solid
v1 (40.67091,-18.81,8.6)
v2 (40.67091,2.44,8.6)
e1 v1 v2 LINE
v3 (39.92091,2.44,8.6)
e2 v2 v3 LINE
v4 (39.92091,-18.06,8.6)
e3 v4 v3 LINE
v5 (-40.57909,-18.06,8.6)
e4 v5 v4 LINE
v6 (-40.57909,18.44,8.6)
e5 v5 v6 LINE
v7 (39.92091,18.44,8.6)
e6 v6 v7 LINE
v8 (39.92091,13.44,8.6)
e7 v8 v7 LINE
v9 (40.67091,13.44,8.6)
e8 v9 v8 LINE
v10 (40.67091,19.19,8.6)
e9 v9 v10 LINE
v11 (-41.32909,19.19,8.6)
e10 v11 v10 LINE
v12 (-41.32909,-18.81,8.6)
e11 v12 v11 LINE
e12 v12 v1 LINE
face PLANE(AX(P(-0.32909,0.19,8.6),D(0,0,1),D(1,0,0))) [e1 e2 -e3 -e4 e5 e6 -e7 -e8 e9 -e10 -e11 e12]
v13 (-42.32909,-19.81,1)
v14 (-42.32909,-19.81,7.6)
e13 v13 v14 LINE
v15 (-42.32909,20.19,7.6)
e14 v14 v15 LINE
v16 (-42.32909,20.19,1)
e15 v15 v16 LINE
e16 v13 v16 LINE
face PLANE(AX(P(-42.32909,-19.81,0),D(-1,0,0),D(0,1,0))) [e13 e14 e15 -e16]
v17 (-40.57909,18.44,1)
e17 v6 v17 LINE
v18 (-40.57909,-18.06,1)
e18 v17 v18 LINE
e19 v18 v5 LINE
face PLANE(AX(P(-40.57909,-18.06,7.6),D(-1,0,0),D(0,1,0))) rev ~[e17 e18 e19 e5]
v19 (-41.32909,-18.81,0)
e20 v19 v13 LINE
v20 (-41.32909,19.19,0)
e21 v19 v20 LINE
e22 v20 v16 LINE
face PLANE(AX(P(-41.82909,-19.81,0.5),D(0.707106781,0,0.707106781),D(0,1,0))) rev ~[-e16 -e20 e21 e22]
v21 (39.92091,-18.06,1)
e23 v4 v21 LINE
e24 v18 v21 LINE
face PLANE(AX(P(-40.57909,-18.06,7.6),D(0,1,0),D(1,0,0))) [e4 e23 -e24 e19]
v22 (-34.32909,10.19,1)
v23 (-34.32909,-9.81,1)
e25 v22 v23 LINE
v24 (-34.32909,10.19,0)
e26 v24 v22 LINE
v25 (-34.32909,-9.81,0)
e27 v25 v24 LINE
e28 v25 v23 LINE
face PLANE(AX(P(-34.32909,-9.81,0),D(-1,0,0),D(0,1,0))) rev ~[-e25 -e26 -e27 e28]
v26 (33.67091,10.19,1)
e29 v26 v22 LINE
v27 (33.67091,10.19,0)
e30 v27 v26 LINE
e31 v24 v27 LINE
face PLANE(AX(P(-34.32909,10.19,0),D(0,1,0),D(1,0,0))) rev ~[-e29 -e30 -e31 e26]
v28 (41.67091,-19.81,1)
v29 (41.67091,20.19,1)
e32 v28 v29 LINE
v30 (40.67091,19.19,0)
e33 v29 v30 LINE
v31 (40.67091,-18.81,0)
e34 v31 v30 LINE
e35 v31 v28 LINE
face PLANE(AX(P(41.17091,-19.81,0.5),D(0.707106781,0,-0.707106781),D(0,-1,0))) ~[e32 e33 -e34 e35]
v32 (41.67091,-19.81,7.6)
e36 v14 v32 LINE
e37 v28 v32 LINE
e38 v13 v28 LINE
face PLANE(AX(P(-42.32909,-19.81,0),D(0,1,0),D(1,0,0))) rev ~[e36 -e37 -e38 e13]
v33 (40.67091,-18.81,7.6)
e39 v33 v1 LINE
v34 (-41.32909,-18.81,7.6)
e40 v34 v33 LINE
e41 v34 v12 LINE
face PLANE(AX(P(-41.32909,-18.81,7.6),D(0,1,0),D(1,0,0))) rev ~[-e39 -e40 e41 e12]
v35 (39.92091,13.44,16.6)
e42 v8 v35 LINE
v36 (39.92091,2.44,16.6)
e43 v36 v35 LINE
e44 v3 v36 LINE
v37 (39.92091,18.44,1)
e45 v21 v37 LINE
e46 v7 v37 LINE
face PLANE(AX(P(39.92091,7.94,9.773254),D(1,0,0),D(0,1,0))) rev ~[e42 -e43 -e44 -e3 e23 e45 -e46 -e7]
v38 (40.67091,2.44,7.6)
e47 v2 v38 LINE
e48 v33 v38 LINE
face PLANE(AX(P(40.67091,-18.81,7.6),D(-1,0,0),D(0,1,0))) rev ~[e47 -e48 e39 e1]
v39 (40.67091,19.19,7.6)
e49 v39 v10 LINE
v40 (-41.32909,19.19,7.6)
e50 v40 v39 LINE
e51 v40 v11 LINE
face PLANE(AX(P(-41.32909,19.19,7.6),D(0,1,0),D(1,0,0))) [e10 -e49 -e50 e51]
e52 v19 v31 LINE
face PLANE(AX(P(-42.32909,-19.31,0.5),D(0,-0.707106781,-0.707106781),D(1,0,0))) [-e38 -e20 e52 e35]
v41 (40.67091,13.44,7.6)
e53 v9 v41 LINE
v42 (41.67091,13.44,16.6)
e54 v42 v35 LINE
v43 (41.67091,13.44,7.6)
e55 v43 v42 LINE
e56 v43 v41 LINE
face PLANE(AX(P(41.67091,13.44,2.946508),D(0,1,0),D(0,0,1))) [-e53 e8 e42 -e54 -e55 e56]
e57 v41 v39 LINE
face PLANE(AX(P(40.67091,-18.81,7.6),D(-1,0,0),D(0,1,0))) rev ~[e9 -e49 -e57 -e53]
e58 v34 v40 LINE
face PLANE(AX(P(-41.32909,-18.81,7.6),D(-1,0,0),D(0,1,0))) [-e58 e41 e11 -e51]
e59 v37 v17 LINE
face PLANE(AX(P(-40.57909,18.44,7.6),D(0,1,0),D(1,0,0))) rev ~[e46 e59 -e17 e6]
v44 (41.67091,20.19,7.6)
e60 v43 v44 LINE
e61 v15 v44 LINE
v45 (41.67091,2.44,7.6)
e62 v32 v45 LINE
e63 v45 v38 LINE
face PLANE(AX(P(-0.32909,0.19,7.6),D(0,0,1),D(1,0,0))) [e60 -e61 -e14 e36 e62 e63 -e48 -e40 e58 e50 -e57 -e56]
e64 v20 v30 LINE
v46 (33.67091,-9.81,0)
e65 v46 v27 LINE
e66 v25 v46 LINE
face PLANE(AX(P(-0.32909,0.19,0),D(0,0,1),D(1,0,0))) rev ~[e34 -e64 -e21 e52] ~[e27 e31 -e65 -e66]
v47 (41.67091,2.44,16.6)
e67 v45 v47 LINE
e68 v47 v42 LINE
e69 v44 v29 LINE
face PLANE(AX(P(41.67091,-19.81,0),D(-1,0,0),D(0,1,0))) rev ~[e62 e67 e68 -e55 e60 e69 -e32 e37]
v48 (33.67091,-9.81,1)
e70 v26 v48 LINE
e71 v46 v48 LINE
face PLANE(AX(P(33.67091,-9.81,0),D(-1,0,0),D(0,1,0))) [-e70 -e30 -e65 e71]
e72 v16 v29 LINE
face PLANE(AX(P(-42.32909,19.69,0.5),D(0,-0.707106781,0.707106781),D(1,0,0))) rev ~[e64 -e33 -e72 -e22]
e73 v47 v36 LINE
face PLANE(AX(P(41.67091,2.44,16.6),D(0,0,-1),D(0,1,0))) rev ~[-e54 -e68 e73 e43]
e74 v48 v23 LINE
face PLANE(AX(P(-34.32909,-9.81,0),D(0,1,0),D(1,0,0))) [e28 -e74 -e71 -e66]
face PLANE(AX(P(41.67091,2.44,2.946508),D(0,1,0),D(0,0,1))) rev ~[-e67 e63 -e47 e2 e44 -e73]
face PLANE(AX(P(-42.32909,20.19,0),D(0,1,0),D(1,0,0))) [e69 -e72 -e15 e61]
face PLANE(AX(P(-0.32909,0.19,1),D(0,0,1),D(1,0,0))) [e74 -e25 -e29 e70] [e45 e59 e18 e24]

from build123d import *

# Parameters (mm, degrees)
F0_W     = 84
F0_H     = 40
F0_R     = 1.45
F1_DEPTH = 1
F2_DEPTH = 7.6
F3_W     = 82
F3_H     = 38
F3_W_2   = 80.5
F3_H_2   = 36.5
F4_DEPTH = 1
F5_W     = 68
F5_H     = 20
F6_DEPTH = 5
F7_W     = 11
F7_H     = 13.6534924152
F8_DEPTH = 1.75
F9_SIZE  = 1


with BuildPart() as f1:
    # F0 (on Top) → F1 (new body)
    with BuildSketch(Plane.XY):
        with Locations((-0.3290896534, 0.19)):
            Rectangle(F0_W, F0_H)
        Polygon((-40.5790896534, 13.39), (-40.5790896534, 18.44), (-35.5290896534, 18.44), (34.8709103466, 18.44), (39.9209103466, 18.44), (39.9209103466, 13.39), (39.9209103466, -13.01), (39.9209103466, -18.06), (34.8709103466, -18.06), (-35.5290896534, -18.06), (-40.5790896534, -18.06), (-40.5790896534, -13.01), align=None, mode=Mode.SUBTRACT)
        with BuildLine():
            Line((34.8709103466, 18.44), (-35.5290896534, 18.44))
            Line((-35.5290896534, 18.44), (-35.5290896534, 15.89))
            ThreePointArc((-35.5290896534, 15.89), (-36.2613227005, 14.122233047), (-38.0290896534, 13.39))
            Line((-38.0290896534, 13.39), (-40.5790896534, 13.39))
            Line((-40.5790896534, 13.39), (-40.5790896534, -13.01))
            Line((-40.5790896534, -13.01), (-38.0290896534, -13.01))
            ThreePointArc((-38.0290896534, -13.01), (-36.2613227005, -13.742233047), (-35.5290896534, -15.51))
            Line((-35.5290896534, -15.51), (-35.5290896534, -18.06))
            Line((-35.5290896534, -18.06), (34.8709103466, -18.06))
            Line((34.8709103466, -18.06), (34.8709103466, -15.51))
            ThreePointArc((34.8709103466, -15.51), (35.6031433936, -13.742233047), (37.3709103466, -13.01))
            Line((37.3709103466, -13.01), (39.9209103466, -13.01))
            Line((39.9209103466, -13.01), (39.9209103466, 13.39))
            Line((39.9209103466, 13.39), (37.3709103466, 13.39))
            ThreePointArc((37.3709103466, 13.39), (35.6031433936, 14.122233047), (34.8709103466, 15.89))
            Line((34.8709103466, 15.89), (34.8709103466, 18.44))
        make_face()
        with BuildLine():
            Line((-35.5290896534, 18.44), (-40.5790896534, 18.44))
            Line((-40.5790896534, 18.44), (-40.5790896534, 13.39))
            Line((-40.5790896534, 13.39), (-38.0290896534, 13.39))
            ThreePointArc((-38.0290896534, 13.39), (-36.2613227005, 14.122233047), (-35.5290896534, 15.89))
            Line((-35.5290896534, 15.89), (-35.5290896534, 18.44))
        make_face()
        with Locations((-38.0290896534, 15.89)):
            Circle(F0_R, mode=Mode.SUBTRACT)
        with BuildLine():
            Line((39.9209103466, 18.44), (34.8709103466, 18.44))
            Line((34.8709103466, 18.44), (34.8709103466, 15.89))
            ThreePointArc((34.8709103466, 15.89), (35.6031433936, 14.122233047), (37.3709103466, 13.39))
            Line((37.3709103466, 13.39), (39.9209103466, 13.39))
            Line((39.9209103466, 13.39), (39.9209103466, 18.44))
        make_face()
        with Locations((37.3709103466, 15.89)):
            Circle(F0_R, mode=Mode.SUBTRACT)
        with BuildLine():
            Line((-38.0290896534, -13.01), (-40.5790896534, -13.01))
            Line((-40.5790896534, -13.01), (-40.5790896534, -18.06))
            Line((-40.5790896534, -18.06), (-35.5290896534, -18.06))
            Line((-35.5290896534, -18.06), (-35.5290896534, -15.51))
            ThreePointArc((-35.5290896534, -15.51), (-36.2613227005, -13.742233047), (-38.0290896534, -13.01))
        make_face()
        with Locations((-38.0290896534, -15.51)):
            Circle(F0_R, mode=Mode.SUBTRACT)
        with BuildLine():
            Line((39.9209103466, -18.06), (39.9209103466, -13.01))
            Line((39.9209103466, -13.01), (37.3709103466, -13.01))
            ThreePointArc((37.3709103466, -13.01), (35.6031433936, -13.742233047), (34.8709103466, -15.51))
            Line((34.8709103466, -15.51), (34.8709103466, -18.06))
            Line((34.8709103466, -18.06), (39.9209103466, -18.06))
        make_face()
        with Locations((37.3709103466, -15.51)):
            Circle(F0_R, mode=Mode.SUBTRACT)
        with Locations((-38.0290896534, 15.89)):
            Circle(F0_R)
        with Locations((-38.0290896534, -15.51)):
            Circle(F0_R)
        with Locations((37.3709103466, 15.89)):
            Circle(F0_R)
        with Locations((37.3709103466, -15.51)):
            Circle(F0_R)
    extrude(amount=F1_DEPTH)

    # F0 (on Top) → F2 (join)
    with BuildSketch(Plane.XY):
        with Locations((-0.3290896534, 0.19)):
            Rectangle(F0_W, F0_H)
        Polygon((-40.5790896534, 13.39), (-40.5790896534, 18.44), (-35.5290896534, 18.44), (34.8709103466, 18.44), (39.9209103466, 18.44), (39.9209103466, 13.39), (39.9209103466, -13.01), (39.9209103466, -18.06), (34.8709103466, -18.06), (-35.5290896534, -18.06), (-40.5790896534, -18.06), (-40.5790896534, -13.01), align=None, mode=Mode.SUBTRACT)
    extrude(amount=F2_DEPTH)

    # F3 (on face) → F4 (join)
    with BuildSketch(Plane.XY.offset(7.6)):
        with Locations((-0.3290896534, 0.19)):
            Rectangle(F3_W, F3_H)
        with Locations((-0.3290896534, 0.19)):
            Rectangle(F3_W_2, F3_H_2, mode=Mode.SUBTRACT)
    extrude(amount=F4_DEPTH)

    # F5 (on face) → F6 (cut)
    with BuildSketch(Plane.XY):
        with Locations((-0.3290896534, 0.19)):
            Rectangle(F5_W, F5_H)
    extrude(amount=F6_DEPTH, mode=Mode.SUBTRACT)

    # F7 (on face) → F8 (join)
    with BuildSketch(Plane.YZ.offset(41.6709103466)):
        with Locations((7.94, 9.7732537924)):
            Rectangle(F7_W, F7_H)
    extrude(amount=-F8_DEPTH)

    # F9
    f9_edges = [f1.edges().sort_by_distance(p)[0] for p in [
        (-0.32909, -19.81, 0),
        (41.67091, 0.19, 0),
        (-0.32909, 20.19, 0),
        (-42.32909, 0.19, 0),
    ]]
    chamfer(f9_edges, length=F9_SIZE)


solid = f1.part
